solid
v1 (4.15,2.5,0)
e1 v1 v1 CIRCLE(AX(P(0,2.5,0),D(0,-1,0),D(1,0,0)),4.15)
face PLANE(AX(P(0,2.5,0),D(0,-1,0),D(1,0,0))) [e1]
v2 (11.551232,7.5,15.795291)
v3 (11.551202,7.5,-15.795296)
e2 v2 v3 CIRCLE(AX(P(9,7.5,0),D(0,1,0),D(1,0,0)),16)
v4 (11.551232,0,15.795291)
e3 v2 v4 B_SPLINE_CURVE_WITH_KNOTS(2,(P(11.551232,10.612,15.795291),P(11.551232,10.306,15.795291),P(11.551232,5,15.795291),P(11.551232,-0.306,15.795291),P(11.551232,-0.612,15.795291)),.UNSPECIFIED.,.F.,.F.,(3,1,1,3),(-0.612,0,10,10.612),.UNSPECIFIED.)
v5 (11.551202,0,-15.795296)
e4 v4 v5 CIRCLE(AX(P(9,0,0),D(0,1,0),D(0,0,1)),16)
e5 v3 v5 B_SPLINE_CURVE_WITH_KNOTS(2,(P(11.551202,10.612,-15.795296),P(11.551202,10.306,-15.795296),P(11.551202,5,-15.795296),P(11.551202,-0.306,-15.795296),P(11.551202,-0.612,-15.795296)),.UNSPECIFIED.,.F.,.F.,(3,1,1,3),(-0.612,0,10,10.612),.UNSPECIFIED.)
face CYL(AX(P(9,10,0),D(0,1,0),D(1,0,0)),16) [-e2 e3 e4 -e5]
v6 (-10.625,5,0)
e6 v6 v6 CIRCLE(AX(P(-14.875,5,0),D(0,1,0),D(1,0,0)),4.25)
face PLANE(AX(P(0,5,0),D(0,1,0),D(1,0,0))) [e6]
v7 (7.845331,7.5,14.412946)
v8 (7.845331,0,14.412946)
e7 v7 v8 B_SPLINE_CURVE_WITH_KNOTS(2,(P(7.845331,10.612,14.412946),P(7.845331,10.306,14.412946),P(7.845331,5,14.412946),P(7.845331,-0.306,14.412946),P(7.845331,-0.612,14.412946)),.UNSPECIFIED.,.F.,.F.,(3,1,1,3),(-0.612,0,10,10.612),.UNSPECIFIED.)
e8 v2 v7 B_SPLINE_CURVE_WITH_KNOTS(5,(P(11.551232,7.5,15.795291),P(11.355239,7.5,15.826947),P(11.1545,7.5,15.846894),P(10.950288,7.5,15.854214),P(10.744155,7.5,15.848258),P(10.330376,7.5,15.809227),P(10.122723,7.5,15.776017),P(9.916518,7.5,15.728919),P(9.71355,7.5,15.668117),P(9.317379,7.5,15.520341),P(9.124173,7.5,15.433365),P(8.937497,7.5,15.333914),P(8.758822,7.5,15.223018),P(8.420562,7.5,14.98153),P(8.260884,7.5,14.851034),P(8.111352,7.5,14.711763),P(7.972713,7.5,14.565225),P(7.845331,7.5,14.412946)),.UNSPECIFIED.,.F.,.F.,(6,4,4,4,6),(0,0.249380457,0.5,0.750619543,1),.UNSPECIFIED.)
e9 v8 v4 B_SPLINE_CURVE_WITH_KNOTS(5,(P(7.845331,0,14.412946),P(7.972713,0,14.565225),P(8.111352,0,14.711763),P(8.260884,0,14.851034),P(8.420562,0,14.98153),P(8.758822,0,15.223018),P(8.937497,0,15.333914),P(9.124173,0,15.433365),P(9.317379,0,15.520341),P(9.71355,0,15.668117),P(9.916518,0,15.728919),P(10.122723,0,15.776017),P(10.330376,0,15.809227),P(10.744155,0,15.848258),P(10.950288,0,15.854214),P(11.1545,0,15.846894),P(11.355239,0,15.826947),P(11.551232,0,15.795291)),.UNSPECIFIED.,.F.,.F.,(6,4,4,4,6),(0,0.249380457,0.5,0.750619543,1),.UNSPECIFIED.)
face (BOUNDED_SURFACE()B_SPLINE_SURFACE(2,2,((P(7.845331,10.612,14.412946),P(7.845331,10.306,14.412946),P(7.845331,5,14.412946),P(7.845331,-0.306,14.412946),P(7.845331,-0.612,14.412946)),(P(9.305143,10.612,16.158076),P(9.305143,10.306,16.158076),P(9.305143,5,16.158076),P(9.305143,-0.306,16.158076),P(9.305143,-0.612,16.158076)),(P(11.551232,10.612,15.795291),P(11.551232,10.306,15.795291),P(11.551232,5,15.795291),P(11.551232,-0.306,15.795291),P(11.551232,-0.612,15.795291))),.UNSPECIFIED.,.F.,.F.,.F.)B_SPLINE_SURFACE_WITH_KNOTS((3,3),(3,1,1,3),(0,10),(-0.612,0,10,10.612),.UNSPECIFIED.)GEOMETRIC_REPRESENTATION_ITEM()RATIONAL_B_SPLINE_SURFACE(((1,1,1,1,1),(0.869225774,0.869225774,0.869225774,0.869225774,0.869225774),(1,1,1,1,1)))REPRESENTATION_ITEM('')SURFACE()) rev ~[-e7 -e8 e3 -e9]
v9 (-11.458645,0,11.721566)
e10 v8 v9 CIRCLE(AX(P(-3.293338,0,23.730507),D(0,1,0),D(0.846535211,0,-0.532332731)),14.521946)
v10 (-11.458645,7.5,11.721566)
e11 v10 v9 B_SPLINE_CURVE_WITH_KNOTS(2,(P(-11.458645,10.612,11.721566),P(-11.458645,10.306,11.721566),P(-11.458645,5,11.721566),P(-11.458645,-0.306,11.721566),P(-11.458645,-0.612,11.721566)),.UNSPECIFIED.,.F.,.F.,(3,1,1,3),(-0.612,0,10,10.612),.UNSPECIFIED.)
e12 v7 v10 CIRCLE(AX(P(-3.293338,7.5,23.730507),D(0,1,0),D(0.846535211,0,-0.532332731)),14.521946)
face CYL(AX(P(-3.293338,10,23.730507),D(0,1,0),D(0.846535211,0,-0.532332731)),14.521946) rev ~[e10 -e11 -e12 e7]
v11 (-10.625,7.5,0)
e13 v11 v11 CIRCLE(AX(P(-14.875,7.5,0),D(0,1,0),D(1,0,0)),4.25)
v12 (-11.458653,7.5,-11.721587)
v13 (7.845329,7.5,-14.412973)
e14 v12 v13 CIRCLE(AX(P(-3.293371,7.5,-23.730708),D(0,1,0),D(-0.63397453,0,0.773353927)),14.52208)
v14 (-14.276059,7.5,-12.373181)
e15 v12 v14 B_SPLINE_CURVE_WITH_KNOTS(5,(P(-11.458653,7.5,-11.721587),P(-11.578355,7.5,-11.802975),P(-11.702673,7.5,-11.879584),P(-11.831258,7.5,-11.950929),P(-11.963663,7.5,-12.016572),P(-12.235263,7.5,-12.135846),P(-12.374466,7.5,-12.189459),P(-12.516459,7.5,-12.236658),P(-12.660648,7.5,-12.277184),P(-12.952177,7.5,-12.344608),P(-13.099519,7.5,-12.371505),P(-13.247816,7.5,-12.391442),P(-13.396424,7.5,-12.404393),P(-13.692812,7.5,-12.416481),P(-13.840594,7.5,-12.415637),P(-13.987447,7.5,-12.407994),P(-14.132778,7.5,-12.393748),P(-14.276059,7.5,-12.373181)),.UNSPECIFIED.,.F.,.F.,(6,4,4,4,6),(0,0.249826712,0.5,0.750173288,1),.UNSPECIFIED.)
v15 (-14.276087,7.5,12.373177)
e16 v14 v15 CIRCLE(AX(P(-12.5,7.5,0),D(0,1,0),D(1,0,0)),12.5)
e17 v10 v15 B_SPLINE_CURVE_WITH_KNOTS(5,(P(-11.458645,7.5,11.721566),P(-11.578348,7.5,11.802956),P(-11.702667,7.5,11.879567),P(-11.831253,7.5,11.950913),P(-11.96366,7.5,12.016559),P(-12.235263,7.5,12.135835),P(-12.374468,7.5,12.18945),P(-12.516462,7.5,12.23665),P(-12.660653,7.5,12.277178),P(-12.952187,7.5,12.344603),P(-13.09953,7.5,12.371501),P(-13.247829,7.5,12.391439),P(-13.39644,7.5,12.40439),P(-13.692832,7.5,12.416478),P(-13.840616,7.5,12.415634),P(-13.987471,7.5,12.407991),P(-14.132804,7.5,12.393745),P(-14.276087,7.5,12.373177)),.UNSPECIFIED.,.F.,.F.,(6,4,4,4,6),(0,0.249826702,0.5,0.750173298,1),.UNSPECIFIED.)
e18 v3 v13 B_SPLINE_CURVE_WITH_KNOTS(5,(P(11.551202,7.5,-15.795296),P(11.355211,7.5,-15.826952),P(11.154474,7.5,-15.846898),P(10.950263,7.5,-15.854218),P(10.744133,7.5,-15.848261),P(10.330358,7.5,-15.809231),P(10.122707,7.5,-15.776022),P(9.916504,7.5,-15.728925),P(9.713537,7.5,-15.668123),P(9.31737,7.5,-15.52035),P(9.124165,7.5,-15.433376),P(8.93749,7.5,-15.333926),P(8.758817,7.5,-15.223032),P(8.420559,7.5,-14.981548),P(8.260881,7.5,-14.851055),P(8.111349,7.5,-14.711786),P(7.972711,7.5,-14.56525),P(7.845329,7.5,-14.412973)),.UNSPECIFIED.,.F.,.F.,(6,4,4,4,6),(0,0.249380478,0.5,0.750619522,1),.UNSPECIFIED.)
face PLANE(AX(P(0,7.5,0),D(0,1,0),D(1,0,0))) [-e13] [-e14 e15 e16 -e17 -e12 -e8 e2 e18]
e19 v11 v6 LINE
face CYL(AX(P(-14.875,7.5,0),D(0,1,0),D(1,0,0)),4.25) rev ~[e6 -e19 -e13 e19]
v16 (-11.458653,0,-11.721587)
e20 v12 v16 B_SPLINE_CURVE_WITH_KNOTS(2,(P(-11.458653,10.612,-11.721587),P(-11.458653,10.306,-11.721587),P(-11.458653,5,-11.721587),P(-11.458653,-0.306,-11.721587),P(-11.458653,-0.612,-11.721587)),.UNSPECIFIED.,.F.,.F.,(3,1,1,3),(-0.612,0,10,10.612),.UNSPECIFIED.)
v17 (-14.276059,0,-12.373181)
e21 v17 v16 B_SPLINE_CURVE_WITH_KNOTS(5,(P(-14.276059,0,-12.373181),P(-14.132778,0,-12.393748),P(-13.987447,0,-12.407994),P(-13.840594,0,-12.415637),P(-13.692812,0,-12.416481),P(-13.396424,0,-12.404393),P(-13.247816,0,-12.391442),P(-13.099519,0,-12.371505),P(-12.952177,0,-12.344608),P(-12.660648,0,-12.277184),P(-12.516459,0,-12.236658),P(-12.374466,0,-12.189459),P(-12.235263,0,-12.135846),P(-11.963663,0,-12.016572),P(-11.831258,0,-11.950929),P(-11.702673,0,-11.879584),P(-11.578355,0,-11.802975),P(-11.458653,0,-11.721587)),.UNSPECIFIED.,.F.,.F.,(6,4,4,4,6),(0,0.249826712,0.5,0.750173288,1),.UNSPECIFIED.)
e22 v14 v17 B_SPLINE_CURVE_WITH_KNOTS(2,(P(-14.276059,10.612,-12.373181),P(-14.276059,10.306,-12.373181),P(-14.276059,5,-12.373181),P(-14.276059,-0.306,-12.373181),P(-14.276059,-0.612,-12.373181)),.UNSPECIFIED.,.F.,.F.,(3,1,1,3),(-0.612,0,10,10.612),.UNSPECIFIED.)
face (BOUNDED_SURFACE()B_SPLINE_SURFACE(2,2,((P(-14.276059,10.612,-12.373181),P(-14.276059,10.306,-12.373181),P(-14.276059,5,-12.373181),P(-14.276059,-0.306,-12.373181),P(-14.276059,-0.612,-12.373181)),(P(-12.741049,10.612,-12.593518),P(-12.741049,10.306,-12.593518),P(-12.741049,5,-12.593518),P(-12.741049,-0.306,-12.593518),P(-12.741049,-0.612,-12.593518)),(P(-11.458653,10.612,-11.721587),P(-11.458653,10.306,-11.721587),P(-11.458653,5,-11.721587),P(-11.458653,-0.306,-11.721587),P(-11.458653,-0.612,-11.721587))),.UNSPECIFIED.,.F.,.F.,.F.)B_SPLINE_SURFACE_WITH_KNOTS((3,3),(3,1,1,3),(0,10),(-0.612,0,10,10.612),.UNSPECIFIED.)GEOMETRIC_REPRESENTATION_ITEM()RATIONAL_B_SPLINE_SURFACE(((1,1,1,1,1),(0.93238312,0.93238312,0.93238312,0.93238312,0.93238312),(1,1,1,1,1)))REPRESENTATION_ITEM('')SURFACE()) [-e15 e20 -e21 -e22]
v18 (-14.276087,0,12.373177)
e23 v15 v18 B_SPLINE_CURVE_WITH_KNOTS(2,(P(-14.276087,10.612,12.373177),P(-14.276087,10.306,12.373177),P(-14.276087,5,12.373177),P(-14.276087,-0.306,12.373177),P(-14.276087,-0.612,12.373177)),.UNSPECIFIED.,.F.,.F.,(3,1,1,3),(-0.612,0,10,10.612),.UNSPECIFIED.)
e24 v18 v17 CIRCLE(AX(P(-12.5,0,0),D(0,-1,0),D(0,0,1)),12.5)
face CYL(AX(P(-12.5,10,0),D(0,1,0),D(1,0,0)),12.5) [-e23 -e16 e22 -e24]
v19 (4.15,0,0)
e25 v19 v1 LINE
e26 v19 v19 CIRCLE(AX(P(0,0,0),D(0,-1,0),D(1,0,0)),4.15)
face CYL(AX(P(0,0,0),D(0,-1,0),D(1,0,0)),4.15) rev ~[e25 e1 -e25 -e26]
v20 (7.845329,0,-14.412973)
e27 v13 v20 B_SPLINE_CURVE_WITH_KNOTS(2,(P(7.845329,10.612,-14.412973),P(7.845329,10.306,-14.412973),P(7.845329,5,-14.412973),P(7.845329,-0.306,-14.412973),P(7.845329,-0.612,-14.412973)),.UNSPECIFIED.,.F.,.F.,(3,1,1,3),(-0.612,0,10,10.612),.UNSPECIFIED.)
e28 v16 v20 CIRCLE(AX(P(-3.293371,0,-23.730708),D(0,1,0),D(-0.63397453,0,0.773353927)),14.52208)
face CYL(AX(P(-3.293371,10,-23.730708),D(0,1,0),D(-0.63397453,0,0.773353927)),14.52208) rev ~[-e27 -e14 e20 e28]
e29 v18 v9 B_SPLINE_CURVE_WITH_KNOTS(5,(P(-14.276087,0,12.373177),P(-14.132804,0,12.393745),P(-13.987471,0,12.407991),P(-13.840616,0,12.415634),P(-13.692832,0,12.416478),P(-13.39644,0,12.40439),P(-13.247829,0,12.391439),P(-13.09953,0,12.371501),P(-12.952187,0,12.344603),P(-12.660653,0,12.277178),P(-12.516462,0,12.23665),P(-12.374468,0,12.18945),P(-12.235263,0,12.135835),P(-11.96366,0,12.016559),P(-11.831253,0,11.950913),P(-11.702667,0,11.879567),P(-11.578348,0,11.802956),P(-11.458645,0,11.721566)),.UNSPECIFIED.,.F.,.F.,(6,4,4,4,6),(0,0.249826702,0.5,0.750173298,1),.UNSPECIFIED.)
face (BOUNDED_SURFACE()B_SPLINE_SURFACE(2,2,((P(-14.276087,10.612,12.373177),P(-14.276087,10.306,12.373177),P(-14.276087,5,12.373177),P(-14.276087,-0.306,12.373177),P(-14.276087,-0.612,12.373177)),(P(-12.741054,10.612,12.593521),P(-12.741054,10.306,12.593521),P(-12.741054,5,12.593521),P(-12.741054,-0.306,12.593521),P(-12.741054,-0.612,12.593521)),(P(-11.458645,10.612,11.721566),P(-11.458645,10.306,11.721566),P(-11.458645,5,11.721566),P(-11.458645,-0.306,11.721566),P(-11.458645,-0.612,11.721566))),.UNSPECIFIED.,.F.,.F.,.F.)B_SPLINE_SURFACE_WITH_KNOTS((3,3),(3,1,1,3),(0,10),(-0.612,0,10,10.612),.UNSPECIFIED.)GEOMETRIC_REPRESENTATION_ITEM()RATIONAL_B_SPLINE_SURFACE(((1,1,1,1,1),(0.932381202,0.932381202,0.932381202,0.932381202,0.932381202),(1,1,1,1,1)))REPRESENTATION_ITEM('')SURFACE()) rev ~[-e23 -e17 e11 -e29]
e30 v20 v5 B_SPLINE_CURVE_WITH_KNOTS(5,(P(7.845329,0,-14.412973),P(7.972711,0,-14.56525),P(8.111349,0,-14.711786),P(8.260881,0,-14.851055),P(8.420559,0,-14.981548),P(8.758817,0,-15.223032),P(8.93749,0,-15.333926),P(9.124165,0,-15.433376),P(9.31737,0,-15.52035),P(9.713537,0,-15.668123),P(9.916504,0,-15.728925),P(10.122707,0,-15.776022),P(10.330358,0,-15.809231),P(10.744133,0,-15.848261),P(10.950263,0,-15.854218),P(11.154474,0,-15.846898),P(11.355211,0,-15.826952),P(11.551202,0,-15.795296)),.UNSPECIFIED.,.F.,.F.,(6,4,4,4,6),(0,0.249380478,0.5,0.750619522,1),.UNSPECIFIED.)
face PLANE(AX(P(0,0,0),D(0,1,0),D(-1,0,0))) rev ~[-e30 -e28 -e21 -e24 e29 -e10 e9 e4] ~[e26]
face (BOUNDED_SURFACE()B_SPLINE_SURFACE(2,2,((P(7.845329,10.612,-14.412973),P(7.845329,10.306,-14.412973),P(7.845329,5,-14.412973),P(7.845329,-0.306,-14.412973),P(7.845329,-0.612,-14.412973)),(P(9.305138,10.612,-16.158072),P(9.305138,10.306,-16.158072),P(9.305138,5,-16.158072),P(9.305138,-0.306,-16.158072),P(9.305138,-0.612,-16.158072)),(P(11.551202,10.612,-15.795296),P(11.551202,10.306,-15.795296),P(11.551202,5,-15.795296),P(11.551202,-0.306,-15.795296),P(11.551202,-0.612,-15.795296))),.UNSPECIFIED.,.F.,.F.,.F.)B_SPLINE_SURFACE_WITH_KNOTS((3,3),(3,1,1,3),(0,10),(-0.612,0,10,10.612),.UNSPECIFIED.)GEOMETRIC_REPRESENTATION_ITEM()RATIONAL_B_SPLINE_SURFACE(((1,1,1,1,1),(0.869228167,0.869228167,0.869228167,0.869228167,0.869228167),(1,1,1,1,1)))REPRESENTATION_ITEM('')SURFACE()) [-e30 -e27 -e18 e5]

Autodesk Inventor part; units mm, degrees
ref_plane "YZ Plane" through (0, 0, 0) normal (1, 0, 0) x (0, 1, 0)
ref_plane "XZ Plane" through (0, 0, 0) normal (0, 1, 0) x (-1, 0, 0)
ref_plane "XY Plane" through (0, 0, 0) normal (0, 0, 1) x (1, 0, 0)
sketch "Sketch1" plane through (0, 0, 0) normal (0, 1, 0) x (-1, 0, 0)
  circle A0 centre (0, 0) radius 25
  dimension "d0" = 50
extrude "Extrusion1" add sketch "Sketch1" along normal blind 10
sketch "Sketch2" plane through (0, 0, 0) normal (0, -1, 0) x (1, 0, 0)
  circle A0 centre (0, 0) radius 4.15
  dimension "d3" = 8.3
extrude "Extrusion2" cut sketch "Sketch2" against normal blind 2.5
sketch "Sketch8" plane through (0, 10, 0) normal (0, 1, 0) x (1, 0, 0)
  point P0 (0, 0)
sketch "Sketch9" plane through (0, 10, 0) normal (0, 1, 0) x (1, 0, 0)
  circle A0 centre (0, 0) radius 25 projected
  circle A1 centre (-12.5, 0) radius 12.5
  circle A2 centre (9, 0) radius 16
  arc A3 (9, -16) -> (-12.5, -12.5) centre (-3.2934, -23.7306) ccw
  arc A4 (-12.5, 12.5) -> (9, 16) centre (-3.2934, 23.7306) ccw
  point P0 (-25, 0)
  point P1 (25, 0)
  dimension "d17" = 32
extrude "Extrusion6" cut sketch "Sketch9" against normal blind 15 contours A2 A1 A0 | A0 A1 A2 | A4 A2 | A2 A3 | A1 A4 | A3 A1
fillet "Fillet3" radius 4 1 edges at (-12.5, 5, 12.5)
fillet "Fillet4" radius 4 1 edges at (9, 5, 16)
fillet "Fillet5" radius 4 1 edges at (-12.5, 5, -12.5)
fillet "Fillet6" radius 4 1 edges at (9, 5, -16)
sketch "Sketch10" plane through (0, 10, 0) normal (0, 1, 0) x (1, 0, 0)
  circle A0 centre (0, 0) radius 4.15 projected
  circle A1 centre (0, 0) radius 29.3218
extrude "Extrusion7" cut sketch "Sketch10" against normal blind 2.5 contours A0 | A1
sketch "Sketch11" plane through (0, 7.5, 0) normal (0, 1, 0) x (1, 0, 0)
  circle A0 centre (-14.875, 0) radius 4.25
  point P0 (0, 0)
  dimension "d26" = 8.5
extrude "Extrusion8" cut sketch "Sketch11" against normal blind 2.5
properties part number "Axel"
